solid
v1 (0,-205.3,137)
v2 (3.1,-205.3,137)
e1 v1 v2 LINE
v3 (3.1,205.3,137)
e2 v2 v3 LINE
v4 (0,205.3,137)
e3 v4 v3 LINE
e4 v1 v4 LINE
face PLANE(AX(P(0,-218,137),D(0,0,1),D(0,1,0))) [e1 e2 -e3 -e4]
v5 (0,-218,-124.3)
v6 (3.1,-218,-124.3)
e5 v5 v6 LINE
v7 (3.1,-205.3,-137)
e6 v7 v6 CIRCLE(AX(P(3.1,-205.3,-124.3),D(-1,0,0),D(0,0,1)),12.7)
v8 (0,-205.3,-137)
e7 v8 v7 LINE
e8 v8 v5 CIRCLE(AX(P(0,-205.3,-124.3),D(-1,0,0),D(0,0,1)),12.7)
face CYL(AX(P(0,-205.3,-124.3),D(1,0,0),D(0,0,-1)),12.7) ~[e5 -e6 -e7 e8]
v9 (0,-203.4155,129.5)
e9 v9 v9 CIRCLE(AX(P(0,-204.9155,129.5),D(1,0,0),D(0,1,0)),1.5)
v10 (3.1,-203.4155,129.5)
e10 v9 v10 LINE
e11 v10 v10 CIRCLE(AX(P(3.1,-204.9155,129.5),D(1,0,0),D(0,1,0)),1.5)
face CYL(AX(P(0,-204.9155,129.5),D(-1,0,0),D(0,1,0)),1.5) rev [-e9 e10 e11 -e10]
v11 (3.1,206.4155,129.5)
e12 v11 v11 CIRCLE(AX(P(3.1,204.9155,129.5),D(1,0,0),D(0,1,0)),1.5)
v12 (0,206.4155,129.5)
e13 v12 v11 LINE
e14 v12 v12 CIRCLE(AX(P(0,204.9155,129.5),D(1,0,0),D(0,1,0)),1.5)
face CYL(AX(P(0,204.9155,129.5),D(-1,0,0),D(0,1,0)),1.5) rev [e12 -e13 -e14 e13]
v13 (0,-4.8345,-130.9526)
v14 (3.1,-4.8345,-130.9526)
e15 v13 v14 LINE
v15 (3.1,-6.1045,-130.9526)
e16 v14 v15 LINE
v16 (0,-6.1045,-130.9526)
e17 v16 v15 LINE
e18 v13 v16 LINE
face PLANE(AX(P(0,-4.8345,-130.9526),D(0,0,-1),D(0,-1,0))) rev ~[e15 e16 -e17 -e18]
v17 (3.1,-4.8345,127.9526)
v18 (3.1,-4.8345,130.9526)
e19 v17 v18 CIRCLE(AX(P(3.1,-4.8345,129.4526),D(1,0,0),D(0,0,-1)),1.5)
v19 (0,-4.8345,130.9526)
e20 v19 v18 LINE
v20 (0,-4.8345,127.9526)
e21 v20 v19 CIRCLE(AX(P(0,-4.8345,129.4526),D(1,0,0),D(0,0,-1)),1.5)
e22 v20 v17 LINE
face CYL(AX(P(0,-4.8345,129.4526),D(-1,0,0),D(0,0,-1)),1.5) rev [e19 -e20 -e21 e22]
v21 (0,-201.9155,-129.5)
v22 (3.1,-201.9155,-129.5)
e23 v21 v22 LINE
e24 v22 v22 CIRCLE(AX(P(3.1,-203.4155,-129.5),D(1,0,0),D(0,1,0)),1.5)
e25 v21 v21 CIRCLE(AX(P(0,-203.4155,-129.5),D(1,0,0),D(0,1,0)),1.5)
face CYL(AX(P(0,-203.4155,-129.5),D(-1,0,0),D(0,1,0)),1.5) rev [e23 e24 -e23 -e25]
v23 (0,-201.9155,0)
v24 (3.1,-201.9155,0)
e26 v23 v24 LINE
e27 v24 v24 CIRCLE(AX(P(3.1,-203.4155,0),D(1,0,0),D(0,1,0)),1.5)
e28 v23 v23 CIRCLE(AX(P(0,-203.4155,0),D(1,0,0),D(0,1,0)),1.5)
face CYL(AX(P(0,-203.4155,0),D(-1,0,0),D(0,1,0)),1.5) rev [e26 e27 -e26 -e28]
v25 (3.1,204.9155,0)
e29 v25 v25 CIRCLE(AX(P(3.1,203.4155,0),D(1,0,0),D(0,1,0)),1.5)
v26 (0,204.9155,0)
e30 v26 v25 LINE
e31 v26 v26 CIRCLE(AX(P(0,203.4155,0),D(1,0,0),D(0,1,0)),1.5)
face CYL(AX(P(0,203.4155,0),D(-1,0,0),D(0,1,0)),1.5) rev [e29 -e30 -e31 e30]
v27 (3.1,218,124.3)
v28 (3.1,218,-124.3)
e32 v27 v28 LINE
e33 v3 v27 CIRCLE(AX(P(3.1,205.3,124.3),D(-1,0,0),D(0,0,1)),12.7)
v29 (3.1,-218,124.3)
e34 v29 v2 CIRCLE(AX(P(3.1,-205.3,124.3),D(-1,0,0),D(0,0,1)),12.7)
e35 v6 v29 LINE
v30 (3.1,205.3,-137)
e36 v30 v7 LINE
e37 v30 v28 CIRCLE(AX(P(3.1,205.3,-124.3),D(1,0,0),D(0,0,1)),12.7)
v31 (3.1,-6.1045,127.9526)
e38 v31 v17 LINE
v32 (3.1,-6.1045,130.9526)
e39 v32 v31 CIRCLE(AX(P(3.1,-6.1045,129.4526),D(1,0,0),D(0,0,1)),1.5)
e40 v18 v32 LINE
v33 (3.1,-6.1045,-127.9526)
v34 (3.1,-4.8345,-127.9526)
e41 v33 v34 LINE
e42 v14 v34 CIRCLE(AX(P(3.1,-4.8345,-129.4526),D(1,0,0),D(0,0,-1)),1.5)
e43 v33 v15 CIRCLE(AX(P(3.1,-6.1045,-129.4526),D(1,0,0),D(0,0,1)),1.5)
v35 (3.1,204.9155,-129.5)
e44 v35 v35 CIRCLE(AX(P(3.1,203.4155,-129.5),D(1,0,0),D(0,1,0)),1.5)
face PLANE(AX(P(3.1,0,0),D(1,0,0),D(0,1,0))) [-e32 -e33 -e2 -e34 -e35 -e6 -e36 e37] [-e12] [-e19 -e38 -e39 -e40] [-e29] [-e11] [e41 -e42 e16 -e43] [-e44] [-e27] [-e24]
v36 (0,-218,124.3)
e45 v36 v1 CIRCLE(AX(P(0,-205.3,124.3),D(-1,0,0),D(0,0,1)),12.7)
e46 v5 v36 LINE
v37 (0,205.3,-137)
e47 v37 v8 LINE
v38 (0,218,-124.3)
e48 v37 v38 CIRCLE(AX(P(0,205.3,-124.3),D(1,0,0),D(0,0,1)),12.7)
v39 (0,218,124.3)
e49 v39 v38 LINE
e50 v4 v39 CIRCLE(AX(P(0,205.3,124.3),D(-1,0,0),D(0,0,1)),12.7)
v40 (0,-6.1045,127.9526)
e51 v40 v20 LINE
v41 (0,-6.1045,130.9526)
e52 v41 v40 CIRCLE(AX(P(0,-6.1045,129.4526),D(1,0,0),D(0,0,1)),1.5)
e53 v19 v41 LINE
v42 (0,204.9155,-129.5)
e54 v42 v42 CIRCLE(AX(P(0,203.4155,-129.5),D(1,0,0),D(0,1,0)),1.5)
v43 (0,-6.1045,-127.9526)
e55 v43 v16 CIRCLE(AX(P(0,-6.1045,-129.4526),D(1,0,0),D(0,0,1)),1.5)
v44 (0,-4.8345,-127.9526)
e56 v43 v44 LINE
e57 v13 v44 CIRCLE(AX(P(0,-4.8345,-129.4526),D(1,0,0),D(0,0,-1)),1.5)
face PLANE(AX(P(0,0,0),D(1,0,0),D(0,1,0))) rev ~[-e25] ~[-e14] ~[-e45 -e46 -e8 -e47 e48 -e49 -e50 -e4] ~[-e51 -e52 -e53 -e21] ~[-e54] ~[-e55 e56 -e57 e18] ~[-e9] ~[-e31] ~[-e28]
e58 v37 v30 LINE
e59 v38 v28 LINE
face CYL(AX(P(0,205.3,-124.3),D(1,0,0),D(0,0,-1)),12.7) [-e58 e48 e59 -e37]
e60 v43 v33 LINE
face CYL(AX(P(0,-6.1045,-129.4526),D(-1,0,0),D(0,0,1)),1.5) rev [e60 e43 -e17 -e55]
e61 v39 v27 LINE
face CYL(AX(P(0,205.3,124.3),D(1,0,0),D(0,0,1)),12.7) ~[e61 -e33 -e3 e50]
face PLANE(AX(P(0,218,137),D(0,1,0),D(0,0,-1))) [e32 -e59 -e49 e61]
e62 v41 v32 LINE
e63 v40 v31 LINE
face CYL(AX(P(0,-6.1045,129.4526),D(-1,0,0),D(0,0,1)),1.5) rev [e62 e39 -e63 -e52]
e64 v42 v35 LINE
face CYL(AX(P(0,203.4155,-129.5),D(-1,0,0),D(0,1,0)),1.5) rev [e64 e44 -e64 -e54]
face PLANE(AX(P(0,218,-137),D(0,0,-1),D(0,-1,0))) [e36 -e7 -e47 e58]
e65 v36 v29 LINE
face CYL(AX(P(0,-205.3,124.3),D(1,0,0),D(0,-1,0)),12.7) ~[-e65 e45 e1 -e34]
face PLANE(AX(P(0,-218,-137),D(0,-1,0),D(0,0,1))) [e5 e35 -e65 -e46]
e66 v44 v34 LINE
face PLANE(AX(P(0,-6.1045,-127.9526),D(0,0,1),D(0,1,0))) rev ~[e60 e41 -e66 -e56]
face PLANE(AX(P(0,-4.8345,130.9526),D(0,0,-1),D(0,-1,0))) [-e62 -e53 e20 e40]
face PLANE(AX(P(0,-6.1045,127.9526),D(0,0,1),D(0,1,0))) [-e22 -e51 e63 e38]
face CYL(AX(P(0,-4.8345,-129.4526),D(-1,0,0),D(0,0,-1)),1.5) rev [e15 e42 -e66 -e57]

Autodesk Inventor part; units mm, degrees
ref_plane "YZ Plane" through (0, 0, 0) normal (1, 0, 0) x (0, 1, 0)
ref_plane "XZ Plane" through (0, 0, 0) normal (0, 1, 0) x (-1, 0, 0)
ref_plane "XY Plane" through (0, 0, 0) normal (0, 0, 1) x (1, 0, 0)
sketch "Sketch1" plane through (0, 0, 0) normal (1, 0, 0) x (0, 1, 0)
  line L0 (218, -137) -> (-218, -137)
  line L1 (-218, -137) -> (-218, 137)
  line L2 (-218, 137) -> (218, 137)
  line L3 (218, 137) -> (218, -137)
  circle A0 centre (203.4155, 0) radius 1.5
  circle A1 centre (204.9155, 129.5) radius 1.5
  circle A2 centre (203.4155, -129.5) radius 1.5
  arc A3 (-6.1045, 130.9526) -> (-6.1045, 127.9526) centre (-6.1045, 129.4526) ccw
  line L4 (-4.8345, 130.9526) -> (-6.1045, 130.9526)
  line L5 (-6.1045, 127.9526) -> (-4.8345, 127.9526)
  line L6 (-1.8541, 130.9526) -> (-7.8149, 127.9526) construction
  line L7 (-7.8149, 130.9526) -> (-1.8541, 127.9526) construction
  arc A4 (-4.8345, 127.9526) -> (-4.8345, 130.9526) centre (-4.8345, 129.4526) ccw
  line L8 (0, 27.4508) -> (0, -43.9323)
  line L9 (0, 0) -> (50.715, 0)
  circle A5 centre (-203.4155, 0) radius 1.5
  circle A6 centre (-204.9155, 129.5) radius 1.5
  circle A7 centre (-203.4155, -129.5) radius 1.5
  arc A8 (-6.1045, -127.9526) -> (-6.1045, -130.9526) centre (-6.1045, -129.4526) ccw
  line L10 (-4.8345, -130.9526) -> (-6.1045, -130.9526)
  line L11 (-6.1045, -127.9526) -> (-4.8345, -127.9526)
  arc A9 (-4.8345, -130.9526) -> (-4.8345, -127.9526) centre (-4.8345, -129.4526) ccw
  point P0 (218, 0)
  point P1 (-7.8149, -127.9526)
  point P2 (-7.8149, -130.9526)
  dimension "d0" = 436
  dimension "d1" = 274
  dimension "d3" = 3
  dimension "d4" = 3
  dimension "d5" = 3
  dimension "d6" = 259
  dimension "d7" = 129.5
  dimension "d8" = 0
  dimension "d10" = 209.75
  dimension "d11" = 1.27
  dimension "d12" = 3
  dimension "d13" = 3
  dimension "d14" = 1.5
extrude "Extrusion1" add sketch "Sketch1" along normal blind 3.1
fillet "Fillet1" radius 12.7 4 edges at (1.55, 218, 137) (1.55, 218, -137) (1.55, -218, -137) (1.55, -218, 137)
properties part number "Solar_Panel"
